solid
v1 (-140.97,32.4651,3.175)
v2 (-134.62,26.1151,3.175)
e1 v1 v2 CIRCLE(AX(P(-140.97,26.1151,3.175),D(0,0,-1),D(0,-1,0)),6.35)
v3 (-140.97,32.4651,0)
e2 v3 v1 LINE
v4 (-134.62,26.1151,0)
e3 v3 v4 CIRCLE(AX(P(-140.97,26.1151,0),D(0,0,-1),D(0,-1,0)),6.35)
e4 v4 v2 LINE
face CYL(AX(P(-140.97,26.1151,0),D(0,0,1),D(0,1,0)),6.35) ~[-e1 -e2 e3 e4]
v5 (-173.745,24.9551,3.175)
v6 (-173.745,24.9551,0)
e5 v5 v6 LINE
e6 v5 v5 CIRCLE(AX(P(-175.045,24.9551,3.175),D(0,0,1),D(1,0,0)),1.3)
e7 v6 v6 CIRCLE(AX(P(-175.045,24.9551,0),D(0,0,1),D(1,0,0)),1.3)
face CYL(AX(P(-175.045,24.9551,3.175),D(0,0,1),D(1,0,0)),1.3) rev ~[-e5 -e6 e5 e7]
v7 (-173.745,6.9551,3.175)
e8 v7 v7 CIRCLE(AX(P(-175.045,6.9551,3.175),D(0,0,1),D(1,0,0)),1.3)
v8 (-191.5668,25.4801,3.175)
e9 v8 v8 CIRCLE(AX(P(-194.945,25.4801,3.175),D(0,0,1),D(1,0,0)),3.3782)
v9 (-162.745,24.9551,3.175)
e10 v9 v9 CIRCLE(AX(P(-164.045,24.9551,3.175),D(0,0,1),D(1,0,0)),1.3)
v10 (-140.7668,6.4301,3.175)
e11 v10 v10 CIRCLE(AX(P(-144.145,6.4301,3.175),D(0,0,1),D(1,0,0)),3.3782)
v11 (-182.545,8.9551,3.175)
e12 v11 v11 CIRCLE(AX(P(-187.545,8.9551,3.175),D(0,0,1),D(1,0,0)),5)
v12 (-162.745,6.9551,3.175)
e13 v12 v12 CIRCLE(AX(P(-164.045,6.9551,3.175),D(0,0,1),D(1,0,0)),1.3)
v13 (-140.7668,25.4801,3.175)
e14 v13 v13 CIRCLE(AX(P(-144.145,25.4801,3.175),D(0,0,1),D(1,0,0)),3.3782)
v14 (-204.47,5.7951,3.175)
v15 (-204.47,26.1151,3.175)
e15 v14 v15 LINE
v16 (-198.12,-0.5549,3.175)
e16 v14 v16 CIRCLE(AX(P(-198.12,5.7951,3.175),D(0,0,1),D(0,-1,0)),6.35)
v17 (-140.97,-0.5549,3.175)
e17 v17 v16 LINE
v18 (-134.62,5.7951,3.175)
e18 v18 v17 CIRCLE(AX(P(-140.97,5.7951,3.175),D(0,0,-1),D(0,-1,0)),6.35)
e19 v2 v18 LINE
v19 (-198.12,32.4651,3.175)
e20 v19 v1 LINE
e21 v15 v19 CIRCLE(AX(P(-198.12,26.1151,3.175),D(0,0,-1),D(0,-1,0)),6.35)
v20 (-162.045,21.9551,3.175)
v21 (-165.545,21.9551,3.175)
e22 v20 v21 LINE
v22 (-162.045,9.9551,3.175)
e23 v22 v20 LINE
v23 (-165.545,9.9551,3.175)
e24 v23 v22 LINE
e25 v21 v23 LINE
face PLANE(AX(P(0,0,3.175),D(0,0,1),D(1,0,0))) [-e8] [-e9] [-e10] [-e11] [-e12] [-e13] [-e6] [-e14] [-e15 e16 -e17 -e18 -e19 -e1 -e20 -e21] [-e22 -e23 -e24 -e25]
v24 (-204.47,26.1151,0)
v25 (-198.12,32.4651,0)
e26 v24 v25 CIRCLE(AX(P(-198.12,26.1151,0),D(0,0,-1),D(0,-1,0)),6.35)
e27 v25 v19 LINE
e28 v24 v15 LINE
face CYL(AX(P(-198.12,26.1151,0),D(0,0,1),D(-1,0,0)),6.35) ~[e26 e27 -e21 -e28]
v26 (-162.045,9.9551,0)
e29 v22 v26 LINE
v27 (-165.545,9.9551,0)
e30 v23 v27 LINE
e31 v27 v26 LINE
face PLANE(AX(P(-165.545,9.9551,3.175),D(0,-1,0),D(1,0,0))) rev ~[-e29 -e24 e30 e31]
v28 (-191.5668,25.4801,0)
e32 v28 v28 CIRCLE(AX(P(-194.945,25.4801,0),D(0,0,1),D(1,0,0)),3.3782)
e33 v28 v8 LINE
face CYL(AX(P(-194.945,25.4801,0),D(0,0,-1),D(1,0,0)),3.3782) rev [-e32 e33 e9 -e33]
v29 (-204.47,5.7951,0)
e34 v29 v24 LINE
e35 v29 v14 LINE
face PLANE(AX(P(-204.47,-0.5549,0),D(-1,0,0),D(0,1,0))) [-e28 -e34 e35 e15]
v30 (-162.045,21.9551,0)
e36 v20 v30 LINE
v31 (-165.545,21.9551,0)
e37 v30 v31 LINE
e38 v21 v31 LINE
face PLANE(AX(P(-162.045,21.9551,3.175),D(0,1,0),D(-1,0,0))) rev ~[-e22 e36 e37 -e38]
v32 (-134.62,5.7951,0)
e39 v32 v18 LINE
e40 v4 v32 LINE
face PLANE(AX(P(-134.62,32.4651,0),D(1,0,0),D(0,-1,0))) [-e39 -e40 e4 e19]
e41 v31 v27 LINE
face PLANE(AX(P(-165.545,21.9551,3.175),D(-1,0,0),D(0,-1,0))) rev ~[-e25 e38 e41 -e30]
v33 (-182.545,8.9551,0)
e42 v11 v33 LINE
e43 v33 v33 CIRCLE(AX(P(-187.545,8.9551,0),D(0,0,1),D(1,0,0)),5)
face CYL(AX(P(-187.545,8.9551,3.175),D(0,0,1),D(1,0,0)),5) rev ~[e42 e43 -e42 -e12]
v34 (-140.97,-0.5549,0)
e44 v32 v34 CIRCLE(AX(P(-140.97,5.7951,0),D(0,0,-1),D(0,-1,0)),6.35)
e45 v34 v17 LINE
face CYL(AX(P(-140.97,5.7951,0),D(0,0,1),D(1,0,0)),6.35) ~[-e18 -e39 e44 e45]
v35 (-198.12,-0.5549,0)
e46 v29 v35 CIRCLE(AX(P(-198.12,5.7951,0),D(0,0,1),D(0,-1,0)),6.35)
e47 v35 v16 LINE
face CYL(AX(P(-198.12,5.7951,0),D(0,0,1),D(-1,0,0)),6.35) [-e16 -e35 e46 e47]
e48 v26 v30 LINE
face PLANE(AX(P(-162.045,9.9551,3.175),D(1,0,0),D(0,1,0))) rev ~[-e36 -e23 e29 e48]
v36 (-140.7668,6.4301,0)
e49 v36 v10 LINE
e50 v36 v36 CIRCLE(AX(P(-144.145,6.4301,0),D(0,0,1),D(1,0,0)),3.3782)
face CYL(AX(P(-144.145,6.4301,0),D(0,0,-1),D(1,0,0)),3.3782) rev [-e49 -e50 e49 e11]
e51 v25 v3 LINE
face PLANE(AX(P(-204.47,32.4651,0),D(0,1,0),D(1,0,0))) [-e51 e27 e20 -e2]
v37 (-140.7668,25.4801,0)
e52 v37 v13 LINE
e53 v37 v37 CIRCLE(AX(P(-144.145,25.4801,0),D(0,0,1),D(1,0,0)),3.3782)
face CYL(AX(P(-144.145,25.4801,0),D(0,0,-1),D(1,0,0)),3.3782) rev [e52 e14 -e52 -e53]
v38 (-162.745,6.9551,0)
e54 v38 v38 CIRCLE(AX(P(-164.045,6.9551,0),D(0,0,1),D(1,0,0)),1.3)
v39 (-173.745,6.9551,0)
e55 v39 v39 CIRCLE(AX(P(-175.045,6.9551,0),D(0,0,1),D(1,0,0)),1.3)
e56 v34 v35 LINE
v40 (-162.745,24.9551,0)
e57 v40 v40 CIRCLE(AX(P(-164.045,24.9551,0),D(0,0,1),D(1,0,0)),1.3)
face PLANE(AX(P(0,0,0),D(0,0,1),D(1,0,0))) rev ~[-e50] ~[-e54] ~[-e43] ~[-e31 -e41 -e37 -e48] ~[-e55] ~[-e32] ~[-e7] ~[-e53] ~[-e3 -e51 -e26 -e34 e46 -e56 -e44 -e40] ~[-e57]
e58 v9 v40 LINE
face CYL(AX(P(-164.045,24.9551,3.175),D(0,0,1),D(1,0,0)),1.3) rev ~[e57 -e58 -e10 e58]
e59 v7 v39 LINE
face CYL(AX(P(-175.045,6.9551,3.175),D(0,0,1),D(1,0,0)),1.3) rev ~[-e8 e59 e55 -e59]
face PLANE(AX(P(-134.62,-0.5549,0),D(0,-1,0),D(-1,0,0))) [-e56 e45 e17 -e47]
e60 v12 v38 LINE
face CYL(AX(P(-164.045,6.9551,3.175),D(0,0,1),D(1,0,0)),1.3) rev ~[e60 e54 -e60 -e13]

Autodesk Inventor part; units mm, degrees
ref_plane "YZ Plane" through (0, 0, 0) normal (1, 0, 0) x (0, 1, 0)
ref_plane "XZ Plane" through (0, 0, 0) normal (0, 1, 0) x (-1, 0, 0)
ref_plane "XY Plane" through (0, 0, 0) normal (0, 0, 1) x (1, 0, 0)
sketch "Sketch1" plane through (0, 0, 0) normal (0, 0, 1) x (1, 0, 0)
  circle A0 centre (-194.945, 6.4301) radius 3.3782
  circle A1 centre (-194.945, 25.4801) radius 3.3782
  circle A2 centre (-144.145, 6.4301) radius 3.3782
  circle A3 centre (-144.145, 25.4801) radius 3.3782
  circle A4 centre (-169.545, 15.9551) radius 14.2875
  line L0 (-254, -1.8249) -> (254, -1.8249) construction
  line L1 (-247.65, 40.5304) -> (247.65, 40.5304) construction
  line L2 (-204.47, -0.5549) -> (-204.47, 32.4651)
  line L3 (-204.47, 32.4651) -> (-134.62, 32.4651)
  line L4 (-134.62, 32.4651) -> (-134.62, -0.5549)
  line L5 (-134.62, -0.5549) -> (-204.47, -0.5549)
  point P0 (0, 0)
extrude "Extrusion1" add sketch "Sketch1" along normal blind 3.175 contours A0 | A4 | L2 L3 L4 L5
fillet "Fillet1" radius 6.35 4 edges at (-204.47, 32.4651, 1.5875) (-204.47, -0.5549, 1.5875) (-134.62, 32.4651, 1.5875) (-134.62, -0.5549, 1.5875)
sketch "Sketch2" plane through (0, 0, 3.175) normal (0, 0, 1) x (1, 0, 0)
  line L0 (-134.62, 26.1151) -> (-134.62, 5.7951) projected
  line L1 (-198.12, 32.4651) -> (-140.97, 32.4651) projected
  line L2 (-204.47, 5.7951) -> (-204.47, 26.1151) projected
  line L3 (-140.97, -0.5549) -> (-198.12, -0.5549) projected
  line L4 (-169.545, 32.4651) -> (-169.545, -0.5549) construction
  line L5 (-204.47, 15.9551) -> (-134.62, 15.9551) construction
  circle A0 centre (-175.045, 24.9551) radius 1.3
  circle A1 centre (-164.045, 24.9551) radius 1.3
  circle A2 centre (-175.045, 6.9551) radius 1.3
  circle A3 centre (-164.045, 6.9551) radius 1.3
  line L6 (-175.045, 24.9551) -> (-164.045, 24.9551) construction
  line L7 (-175.045, 6.9551) -> (-164.045, 6.9551) construction
  line L8 (-175.045, 24.9551) -> (-175.045, 6.9551) construction
  line L9 (-165.545, 21.9551) -> (-165.545, 9.9551)
  line L10 (-165.545, 9.9551) -> (-162.045, 9.9551)
  line L11 (-162.045, 9.9551) -> (-162.045, 21.9551)
  line L12 (-162.045, 21.9551) -> (-165.545, 21.9551)
  circle A4 centre (-187.545, 8.9551) radius 5
  point P0 (0, 0)
  point P1 (-169.545, 6.9551)
  point P2 (-175.045, 15.9551)
  point P3 (-162.045, 15.9551)
  dimension "d7" = 2.6
  dimension "d10" = 11
  dimension "d13" = 18
  dimension "d16" = 12
  dimension "d17" = 3.5
  dimension "d18" = 4
  dimension "d19" = 10
  dimension "d20" = 7
  dimension "d21" = 18
extrude "Extrusion2" cut sketch "Sketch2" against normal through all
equation "\"d2\" = d1"
equation "\"d1\" = 9.525"
properties part number "V5 Shooter Bearing Encoder Plate" material "Polycarbonate, Clear"
